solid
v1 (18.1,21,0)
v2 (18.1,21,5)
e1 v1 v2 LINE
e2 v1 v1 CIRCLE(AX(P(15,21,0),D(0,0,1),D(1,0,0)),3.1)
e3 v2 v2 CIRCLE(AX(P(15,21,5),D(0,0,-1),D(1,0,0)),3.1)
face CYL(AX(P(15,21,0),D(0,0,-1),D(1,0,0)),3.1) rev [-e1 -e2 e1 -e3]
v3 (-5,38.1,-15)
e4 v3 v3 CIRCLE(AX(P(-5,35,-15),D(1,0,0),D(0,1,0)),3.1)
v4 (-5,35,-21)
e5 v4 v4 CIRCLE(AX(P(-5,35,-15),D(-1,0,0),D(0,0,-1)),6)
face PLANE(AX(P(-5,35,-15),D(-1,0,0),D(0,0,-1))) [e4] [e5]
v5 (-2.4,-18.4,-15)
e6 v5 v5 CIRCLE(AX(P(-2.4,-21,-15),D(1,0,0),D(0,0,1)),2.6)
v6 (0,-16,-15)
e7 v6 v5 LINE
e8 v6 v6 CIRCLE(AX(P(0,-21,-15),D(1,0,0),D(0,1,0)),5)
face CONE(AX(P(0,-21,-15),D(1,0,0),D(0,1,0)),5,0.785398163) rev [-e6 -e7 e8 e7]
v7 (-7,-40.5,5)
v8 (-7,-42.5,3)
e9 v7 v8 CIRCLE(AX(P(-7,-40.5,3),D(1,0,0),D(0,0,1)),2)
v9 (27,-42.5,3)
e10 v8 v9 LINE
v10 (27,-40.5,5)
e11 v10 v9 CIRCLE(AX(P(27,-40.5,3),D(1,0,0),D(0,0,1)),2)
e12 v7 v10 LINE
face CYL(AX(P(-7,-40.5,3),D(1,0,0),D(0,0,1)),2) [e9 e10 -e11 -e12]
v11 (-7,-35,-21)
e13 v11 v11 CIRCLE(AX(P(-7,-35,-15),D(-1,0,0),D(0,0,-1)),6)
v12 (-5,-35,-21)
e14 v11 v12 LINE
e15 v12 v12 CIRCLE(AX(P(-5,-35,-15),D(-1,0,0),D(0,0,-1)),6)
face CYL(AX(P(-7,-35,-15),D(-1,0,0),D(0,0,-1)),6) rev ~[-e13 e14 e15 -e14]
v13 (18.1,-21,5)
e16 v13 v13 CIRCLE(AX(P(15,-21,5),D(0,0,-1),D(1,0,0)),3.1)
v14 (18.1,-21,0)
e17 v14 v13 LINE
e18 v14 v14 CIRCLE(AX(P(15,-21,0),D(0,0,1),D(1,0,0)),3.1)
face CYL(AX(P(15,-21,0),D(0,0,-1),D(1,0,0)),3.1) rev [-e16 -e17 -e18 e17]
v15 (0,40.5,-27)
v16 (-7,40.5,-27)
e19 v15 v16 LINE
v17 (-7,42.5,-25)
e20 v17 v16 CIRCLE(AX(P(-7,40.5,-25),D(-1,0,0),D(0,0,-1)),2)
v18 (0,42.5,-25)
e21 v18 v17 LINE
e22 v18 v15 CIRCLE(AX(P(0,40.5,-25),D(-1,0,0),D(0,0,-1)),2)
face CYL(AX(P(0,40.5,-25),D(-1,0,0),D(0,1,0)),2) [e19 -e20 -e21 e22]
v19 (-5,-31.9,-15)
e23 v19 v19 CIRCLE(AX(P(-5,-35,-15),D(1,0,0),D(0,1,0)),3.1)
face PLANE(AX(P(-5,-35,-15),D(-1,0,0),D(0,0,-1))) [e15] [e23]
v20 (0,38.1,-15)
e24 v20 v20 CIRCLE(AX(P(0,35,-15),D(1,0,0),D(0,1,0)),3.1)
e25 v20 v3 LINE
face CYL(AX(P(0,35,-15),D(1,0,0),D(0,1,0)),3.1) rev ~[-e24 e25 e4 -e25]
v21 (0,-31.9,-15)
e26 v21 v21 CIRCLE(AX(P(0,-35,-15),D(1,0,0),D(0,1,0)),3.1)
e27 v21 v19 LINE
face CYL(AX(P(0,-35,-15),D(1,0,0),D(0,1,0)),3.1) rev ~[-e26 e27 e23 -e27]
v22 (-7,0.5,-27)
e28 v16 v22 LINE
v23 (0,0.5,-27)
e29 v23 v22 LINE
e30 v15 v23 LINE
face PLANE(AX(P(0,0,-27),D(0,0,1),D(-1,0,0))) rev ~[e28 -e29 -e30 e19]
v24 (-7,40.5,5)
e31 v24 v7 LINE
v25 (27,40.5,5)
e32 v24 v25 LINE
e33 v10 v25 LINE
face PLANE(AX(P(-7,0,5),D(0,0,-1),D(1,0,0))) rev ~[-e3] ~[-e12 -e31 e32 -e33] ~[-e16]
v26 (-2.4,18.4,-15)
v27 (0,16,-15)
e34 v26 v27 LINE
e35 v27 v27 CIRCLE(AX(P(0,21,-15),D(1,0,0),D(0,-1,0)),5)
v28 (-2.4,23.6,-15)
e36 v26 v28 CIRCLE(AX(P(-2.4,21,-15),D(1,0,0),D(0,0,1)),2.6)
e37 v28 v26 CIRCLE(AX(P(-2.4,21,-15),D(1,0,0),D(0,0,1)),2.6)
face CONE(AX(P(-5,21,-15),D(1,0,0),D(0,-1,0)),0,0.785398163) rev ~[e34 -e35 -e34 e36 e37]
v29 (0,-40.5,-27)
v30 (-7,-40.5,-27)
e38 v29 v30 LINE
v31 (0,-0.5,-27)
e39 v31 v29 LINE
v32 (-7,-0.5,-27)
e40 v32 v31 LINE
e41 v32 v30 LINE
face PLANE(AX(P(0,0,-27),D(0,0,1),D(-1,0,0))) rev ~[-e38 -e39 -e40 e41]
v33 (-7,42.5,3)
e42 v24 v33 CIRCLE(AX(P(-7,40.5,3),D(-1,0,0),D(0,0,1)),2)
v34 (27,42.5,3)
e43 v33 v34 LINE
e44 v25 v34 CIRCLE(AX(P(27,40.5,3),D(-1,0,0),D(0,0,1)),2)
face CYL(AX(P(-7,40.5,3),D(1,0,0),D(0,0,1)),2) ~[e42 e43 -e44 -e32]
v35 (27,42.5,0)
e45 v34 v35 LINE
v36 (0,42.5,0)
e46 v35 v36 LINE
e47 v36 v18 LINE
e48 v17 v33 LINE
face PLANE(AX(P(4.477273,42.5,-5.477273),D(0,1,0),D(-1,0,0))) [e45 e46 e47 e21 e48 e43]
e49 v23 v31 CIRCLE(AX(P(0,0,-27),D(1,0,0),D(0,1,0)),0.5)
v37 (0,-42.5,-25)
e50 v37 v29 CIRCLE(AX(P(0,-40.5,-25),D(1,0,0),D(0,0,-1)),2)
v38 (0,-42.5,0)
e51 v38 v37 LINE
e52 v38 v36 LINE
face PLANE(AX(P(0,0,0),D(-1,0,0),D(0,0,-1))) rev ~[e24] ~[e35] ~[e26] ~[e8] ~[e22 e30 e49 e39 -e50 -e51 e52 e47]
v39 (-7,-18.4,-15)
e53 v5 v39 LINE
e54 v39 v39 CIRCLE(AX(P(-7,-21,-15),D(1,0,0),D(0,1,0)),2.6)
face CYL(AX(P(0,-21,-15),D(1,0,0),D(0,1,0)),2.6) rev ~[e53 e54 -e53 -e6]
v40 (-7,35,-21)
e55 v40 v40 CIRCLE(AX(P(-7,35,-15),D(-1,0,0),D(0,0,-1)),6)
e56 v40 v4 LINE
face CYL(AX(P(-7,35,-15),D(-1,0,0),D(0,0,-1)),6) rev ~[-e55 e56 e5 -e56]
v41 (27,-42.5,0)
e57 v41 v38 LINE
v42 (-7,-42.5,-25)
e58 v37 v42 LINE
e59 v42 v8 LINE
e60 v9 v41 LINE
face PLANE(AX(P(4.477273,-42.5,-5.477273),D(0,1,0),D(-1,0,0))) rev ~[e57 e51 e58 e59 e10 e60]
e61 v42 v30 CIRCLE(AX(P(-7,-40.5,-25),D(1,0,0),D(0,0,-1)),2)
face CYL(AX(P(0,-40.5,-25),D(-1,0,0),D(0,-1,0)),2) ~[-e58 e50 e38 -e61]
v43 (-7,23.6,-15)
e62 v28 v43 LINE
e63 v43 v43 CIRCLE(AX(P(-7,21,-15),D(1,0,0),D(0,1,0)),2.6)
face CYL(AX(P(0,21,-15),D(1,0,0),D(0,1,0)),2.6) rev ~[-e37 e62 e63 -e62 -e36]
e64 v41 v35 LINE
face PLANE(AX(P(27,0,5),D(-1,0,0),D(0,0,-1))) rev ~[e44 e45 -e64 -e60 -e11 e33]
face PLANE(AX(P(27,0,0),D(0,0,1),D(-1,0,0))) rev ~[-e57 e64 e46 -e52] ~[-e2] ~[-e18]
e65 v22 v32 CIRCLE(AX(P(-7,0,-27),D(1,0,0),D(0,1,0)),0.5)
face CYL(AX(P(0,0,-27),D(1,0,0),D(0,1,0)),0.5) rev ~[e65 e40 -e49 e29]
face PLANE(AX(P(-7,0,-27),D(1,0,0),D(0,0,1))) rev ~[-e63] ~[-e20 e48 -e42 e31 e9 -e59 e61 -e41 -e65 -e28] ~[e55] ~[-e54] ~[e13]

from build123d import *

# Parameters (mm, degrees)
PAD_DEPTH            = 42.5
SKETCH001_R          = 3.1
POCKET_DEPTH         = 27.001
POCKET_DEPTH_BACK    = -5.001
SKETCH002_R          = 2.6
SKETCH002_R_2        = 3.1
POCKET001_DEPTH      = 7.001
FILLET_R             = 2
SKETCH005_R          = 0.5
POCKET002_DEPTH      = 7.001
POCKET002_DEPTH_BACK = -27.001
SKETCH006_R          = 6
POCKET003_DEPTH      = 2


with BuildPart() as part:
    # Sketch → Pad (new body, symmetric)
    with BuildSketch(Plane.XZ):
        Polygon((-7, 5), (27, 5), (27, 0), (0, 0), (0, -27), (-7, -27), align=None)
    extrude(amount=PAD_DEPTH, both=True)

    # Sketch001 → Pocket (cut, two sides)
    with BuildSketch(Plane.XY) as pocket_sk:
        with Locations((15, -21)):
            Circle(SKETCH001_R)
        with Locations((15, 21)):
            Circle(SKETCH001_R)
    extrude(amount=-POCKET_DEPTH, mode=Mode.SUBTRACT)
    extrude(pocket_sk.sketch, amount=-POCKET_DEPTH_BACK, mode=Mode.SUBTRACT)

    # Sketch002 → Pocket001 (cut, through all)
    with BuildSketch(Plane.YZ):
        with Locations((-21, -15)):
            Circle(SKETCH002_R)
        with Locations((21, -15)):
            Circle(SKETCH002_R)
        with Locations((-35, -15)):
            Circle(SKETCH002_R_2)
        with Locations((35, -15)):
            Circle(SKETCH002_R_2)
    extrude(amount=-POCKET001_DEPTH, mode=Mode.SUBTRACT)

    # Sketch003 (on DatumPlane) → Groove (revolve, cut)
    with BuildSketch(Plane.XY.offset(-15)):
        Polygon((0, 21), (-5, 21), (0, 16), align=None)
    revolve(axis=Axis((0, 21, -15), (1, 0, 0)), mode=Mode.SUBTRACT)

    # Sketch004 (on DatumPlane) → Groove001 (revolve, cut)
    with BuildSketch(Plane.XY.offset(-15)):
        Polygon((-5, -21), (0, -21), (0, -16), align=None)
    revolve(axis=Axis((0, -21, -15), (1, 0, 0)), mode=Mode.SUBTRACT)

    # Fillet
    fillet_edges = [part.edges().sort_by_distance(p)[0] for p in [
        (-3.5, -42.5, -27),
        (-3.5, 42.5, -27),
        (10, -42.5, 5),
        (10, 42.5, 5),
    ]]
    fillet(fillet_edges, radius=FILLET_R)

    # Sketch005 → Pocket002 (cut, two sides)
    with BuildSketch(Plane.YZ) as pocket002_sk:
        with Locations((0, -27)):
            Circle(SKETCH005_R)
    extrude(amount=-POCKET002_DEPTH, mode=Mode.SUBTRACT)
    extrude(pocket002_sk.sketch, amount=-POCKET002_DEPTH_BACK, mode=Mode.SUBTRACT)

    # Sketch006 (on Face2 of Pocket002) → Pocket003 (cut)
    with BuildSketch(Plane(origin=(-7, 0, 0), x_dir=(0, 0, -1), z_dir=(-1, 0, 0))):
        with Locations((15, 35)):
            Circle(SKETCH006_R)
        with Locations((15, -35)):
            Circle(SKETCH006_R)
    extrude(amount=-POCKET003_DEPTH, mode=Mode.SUBTRACT)


solid = part.part
